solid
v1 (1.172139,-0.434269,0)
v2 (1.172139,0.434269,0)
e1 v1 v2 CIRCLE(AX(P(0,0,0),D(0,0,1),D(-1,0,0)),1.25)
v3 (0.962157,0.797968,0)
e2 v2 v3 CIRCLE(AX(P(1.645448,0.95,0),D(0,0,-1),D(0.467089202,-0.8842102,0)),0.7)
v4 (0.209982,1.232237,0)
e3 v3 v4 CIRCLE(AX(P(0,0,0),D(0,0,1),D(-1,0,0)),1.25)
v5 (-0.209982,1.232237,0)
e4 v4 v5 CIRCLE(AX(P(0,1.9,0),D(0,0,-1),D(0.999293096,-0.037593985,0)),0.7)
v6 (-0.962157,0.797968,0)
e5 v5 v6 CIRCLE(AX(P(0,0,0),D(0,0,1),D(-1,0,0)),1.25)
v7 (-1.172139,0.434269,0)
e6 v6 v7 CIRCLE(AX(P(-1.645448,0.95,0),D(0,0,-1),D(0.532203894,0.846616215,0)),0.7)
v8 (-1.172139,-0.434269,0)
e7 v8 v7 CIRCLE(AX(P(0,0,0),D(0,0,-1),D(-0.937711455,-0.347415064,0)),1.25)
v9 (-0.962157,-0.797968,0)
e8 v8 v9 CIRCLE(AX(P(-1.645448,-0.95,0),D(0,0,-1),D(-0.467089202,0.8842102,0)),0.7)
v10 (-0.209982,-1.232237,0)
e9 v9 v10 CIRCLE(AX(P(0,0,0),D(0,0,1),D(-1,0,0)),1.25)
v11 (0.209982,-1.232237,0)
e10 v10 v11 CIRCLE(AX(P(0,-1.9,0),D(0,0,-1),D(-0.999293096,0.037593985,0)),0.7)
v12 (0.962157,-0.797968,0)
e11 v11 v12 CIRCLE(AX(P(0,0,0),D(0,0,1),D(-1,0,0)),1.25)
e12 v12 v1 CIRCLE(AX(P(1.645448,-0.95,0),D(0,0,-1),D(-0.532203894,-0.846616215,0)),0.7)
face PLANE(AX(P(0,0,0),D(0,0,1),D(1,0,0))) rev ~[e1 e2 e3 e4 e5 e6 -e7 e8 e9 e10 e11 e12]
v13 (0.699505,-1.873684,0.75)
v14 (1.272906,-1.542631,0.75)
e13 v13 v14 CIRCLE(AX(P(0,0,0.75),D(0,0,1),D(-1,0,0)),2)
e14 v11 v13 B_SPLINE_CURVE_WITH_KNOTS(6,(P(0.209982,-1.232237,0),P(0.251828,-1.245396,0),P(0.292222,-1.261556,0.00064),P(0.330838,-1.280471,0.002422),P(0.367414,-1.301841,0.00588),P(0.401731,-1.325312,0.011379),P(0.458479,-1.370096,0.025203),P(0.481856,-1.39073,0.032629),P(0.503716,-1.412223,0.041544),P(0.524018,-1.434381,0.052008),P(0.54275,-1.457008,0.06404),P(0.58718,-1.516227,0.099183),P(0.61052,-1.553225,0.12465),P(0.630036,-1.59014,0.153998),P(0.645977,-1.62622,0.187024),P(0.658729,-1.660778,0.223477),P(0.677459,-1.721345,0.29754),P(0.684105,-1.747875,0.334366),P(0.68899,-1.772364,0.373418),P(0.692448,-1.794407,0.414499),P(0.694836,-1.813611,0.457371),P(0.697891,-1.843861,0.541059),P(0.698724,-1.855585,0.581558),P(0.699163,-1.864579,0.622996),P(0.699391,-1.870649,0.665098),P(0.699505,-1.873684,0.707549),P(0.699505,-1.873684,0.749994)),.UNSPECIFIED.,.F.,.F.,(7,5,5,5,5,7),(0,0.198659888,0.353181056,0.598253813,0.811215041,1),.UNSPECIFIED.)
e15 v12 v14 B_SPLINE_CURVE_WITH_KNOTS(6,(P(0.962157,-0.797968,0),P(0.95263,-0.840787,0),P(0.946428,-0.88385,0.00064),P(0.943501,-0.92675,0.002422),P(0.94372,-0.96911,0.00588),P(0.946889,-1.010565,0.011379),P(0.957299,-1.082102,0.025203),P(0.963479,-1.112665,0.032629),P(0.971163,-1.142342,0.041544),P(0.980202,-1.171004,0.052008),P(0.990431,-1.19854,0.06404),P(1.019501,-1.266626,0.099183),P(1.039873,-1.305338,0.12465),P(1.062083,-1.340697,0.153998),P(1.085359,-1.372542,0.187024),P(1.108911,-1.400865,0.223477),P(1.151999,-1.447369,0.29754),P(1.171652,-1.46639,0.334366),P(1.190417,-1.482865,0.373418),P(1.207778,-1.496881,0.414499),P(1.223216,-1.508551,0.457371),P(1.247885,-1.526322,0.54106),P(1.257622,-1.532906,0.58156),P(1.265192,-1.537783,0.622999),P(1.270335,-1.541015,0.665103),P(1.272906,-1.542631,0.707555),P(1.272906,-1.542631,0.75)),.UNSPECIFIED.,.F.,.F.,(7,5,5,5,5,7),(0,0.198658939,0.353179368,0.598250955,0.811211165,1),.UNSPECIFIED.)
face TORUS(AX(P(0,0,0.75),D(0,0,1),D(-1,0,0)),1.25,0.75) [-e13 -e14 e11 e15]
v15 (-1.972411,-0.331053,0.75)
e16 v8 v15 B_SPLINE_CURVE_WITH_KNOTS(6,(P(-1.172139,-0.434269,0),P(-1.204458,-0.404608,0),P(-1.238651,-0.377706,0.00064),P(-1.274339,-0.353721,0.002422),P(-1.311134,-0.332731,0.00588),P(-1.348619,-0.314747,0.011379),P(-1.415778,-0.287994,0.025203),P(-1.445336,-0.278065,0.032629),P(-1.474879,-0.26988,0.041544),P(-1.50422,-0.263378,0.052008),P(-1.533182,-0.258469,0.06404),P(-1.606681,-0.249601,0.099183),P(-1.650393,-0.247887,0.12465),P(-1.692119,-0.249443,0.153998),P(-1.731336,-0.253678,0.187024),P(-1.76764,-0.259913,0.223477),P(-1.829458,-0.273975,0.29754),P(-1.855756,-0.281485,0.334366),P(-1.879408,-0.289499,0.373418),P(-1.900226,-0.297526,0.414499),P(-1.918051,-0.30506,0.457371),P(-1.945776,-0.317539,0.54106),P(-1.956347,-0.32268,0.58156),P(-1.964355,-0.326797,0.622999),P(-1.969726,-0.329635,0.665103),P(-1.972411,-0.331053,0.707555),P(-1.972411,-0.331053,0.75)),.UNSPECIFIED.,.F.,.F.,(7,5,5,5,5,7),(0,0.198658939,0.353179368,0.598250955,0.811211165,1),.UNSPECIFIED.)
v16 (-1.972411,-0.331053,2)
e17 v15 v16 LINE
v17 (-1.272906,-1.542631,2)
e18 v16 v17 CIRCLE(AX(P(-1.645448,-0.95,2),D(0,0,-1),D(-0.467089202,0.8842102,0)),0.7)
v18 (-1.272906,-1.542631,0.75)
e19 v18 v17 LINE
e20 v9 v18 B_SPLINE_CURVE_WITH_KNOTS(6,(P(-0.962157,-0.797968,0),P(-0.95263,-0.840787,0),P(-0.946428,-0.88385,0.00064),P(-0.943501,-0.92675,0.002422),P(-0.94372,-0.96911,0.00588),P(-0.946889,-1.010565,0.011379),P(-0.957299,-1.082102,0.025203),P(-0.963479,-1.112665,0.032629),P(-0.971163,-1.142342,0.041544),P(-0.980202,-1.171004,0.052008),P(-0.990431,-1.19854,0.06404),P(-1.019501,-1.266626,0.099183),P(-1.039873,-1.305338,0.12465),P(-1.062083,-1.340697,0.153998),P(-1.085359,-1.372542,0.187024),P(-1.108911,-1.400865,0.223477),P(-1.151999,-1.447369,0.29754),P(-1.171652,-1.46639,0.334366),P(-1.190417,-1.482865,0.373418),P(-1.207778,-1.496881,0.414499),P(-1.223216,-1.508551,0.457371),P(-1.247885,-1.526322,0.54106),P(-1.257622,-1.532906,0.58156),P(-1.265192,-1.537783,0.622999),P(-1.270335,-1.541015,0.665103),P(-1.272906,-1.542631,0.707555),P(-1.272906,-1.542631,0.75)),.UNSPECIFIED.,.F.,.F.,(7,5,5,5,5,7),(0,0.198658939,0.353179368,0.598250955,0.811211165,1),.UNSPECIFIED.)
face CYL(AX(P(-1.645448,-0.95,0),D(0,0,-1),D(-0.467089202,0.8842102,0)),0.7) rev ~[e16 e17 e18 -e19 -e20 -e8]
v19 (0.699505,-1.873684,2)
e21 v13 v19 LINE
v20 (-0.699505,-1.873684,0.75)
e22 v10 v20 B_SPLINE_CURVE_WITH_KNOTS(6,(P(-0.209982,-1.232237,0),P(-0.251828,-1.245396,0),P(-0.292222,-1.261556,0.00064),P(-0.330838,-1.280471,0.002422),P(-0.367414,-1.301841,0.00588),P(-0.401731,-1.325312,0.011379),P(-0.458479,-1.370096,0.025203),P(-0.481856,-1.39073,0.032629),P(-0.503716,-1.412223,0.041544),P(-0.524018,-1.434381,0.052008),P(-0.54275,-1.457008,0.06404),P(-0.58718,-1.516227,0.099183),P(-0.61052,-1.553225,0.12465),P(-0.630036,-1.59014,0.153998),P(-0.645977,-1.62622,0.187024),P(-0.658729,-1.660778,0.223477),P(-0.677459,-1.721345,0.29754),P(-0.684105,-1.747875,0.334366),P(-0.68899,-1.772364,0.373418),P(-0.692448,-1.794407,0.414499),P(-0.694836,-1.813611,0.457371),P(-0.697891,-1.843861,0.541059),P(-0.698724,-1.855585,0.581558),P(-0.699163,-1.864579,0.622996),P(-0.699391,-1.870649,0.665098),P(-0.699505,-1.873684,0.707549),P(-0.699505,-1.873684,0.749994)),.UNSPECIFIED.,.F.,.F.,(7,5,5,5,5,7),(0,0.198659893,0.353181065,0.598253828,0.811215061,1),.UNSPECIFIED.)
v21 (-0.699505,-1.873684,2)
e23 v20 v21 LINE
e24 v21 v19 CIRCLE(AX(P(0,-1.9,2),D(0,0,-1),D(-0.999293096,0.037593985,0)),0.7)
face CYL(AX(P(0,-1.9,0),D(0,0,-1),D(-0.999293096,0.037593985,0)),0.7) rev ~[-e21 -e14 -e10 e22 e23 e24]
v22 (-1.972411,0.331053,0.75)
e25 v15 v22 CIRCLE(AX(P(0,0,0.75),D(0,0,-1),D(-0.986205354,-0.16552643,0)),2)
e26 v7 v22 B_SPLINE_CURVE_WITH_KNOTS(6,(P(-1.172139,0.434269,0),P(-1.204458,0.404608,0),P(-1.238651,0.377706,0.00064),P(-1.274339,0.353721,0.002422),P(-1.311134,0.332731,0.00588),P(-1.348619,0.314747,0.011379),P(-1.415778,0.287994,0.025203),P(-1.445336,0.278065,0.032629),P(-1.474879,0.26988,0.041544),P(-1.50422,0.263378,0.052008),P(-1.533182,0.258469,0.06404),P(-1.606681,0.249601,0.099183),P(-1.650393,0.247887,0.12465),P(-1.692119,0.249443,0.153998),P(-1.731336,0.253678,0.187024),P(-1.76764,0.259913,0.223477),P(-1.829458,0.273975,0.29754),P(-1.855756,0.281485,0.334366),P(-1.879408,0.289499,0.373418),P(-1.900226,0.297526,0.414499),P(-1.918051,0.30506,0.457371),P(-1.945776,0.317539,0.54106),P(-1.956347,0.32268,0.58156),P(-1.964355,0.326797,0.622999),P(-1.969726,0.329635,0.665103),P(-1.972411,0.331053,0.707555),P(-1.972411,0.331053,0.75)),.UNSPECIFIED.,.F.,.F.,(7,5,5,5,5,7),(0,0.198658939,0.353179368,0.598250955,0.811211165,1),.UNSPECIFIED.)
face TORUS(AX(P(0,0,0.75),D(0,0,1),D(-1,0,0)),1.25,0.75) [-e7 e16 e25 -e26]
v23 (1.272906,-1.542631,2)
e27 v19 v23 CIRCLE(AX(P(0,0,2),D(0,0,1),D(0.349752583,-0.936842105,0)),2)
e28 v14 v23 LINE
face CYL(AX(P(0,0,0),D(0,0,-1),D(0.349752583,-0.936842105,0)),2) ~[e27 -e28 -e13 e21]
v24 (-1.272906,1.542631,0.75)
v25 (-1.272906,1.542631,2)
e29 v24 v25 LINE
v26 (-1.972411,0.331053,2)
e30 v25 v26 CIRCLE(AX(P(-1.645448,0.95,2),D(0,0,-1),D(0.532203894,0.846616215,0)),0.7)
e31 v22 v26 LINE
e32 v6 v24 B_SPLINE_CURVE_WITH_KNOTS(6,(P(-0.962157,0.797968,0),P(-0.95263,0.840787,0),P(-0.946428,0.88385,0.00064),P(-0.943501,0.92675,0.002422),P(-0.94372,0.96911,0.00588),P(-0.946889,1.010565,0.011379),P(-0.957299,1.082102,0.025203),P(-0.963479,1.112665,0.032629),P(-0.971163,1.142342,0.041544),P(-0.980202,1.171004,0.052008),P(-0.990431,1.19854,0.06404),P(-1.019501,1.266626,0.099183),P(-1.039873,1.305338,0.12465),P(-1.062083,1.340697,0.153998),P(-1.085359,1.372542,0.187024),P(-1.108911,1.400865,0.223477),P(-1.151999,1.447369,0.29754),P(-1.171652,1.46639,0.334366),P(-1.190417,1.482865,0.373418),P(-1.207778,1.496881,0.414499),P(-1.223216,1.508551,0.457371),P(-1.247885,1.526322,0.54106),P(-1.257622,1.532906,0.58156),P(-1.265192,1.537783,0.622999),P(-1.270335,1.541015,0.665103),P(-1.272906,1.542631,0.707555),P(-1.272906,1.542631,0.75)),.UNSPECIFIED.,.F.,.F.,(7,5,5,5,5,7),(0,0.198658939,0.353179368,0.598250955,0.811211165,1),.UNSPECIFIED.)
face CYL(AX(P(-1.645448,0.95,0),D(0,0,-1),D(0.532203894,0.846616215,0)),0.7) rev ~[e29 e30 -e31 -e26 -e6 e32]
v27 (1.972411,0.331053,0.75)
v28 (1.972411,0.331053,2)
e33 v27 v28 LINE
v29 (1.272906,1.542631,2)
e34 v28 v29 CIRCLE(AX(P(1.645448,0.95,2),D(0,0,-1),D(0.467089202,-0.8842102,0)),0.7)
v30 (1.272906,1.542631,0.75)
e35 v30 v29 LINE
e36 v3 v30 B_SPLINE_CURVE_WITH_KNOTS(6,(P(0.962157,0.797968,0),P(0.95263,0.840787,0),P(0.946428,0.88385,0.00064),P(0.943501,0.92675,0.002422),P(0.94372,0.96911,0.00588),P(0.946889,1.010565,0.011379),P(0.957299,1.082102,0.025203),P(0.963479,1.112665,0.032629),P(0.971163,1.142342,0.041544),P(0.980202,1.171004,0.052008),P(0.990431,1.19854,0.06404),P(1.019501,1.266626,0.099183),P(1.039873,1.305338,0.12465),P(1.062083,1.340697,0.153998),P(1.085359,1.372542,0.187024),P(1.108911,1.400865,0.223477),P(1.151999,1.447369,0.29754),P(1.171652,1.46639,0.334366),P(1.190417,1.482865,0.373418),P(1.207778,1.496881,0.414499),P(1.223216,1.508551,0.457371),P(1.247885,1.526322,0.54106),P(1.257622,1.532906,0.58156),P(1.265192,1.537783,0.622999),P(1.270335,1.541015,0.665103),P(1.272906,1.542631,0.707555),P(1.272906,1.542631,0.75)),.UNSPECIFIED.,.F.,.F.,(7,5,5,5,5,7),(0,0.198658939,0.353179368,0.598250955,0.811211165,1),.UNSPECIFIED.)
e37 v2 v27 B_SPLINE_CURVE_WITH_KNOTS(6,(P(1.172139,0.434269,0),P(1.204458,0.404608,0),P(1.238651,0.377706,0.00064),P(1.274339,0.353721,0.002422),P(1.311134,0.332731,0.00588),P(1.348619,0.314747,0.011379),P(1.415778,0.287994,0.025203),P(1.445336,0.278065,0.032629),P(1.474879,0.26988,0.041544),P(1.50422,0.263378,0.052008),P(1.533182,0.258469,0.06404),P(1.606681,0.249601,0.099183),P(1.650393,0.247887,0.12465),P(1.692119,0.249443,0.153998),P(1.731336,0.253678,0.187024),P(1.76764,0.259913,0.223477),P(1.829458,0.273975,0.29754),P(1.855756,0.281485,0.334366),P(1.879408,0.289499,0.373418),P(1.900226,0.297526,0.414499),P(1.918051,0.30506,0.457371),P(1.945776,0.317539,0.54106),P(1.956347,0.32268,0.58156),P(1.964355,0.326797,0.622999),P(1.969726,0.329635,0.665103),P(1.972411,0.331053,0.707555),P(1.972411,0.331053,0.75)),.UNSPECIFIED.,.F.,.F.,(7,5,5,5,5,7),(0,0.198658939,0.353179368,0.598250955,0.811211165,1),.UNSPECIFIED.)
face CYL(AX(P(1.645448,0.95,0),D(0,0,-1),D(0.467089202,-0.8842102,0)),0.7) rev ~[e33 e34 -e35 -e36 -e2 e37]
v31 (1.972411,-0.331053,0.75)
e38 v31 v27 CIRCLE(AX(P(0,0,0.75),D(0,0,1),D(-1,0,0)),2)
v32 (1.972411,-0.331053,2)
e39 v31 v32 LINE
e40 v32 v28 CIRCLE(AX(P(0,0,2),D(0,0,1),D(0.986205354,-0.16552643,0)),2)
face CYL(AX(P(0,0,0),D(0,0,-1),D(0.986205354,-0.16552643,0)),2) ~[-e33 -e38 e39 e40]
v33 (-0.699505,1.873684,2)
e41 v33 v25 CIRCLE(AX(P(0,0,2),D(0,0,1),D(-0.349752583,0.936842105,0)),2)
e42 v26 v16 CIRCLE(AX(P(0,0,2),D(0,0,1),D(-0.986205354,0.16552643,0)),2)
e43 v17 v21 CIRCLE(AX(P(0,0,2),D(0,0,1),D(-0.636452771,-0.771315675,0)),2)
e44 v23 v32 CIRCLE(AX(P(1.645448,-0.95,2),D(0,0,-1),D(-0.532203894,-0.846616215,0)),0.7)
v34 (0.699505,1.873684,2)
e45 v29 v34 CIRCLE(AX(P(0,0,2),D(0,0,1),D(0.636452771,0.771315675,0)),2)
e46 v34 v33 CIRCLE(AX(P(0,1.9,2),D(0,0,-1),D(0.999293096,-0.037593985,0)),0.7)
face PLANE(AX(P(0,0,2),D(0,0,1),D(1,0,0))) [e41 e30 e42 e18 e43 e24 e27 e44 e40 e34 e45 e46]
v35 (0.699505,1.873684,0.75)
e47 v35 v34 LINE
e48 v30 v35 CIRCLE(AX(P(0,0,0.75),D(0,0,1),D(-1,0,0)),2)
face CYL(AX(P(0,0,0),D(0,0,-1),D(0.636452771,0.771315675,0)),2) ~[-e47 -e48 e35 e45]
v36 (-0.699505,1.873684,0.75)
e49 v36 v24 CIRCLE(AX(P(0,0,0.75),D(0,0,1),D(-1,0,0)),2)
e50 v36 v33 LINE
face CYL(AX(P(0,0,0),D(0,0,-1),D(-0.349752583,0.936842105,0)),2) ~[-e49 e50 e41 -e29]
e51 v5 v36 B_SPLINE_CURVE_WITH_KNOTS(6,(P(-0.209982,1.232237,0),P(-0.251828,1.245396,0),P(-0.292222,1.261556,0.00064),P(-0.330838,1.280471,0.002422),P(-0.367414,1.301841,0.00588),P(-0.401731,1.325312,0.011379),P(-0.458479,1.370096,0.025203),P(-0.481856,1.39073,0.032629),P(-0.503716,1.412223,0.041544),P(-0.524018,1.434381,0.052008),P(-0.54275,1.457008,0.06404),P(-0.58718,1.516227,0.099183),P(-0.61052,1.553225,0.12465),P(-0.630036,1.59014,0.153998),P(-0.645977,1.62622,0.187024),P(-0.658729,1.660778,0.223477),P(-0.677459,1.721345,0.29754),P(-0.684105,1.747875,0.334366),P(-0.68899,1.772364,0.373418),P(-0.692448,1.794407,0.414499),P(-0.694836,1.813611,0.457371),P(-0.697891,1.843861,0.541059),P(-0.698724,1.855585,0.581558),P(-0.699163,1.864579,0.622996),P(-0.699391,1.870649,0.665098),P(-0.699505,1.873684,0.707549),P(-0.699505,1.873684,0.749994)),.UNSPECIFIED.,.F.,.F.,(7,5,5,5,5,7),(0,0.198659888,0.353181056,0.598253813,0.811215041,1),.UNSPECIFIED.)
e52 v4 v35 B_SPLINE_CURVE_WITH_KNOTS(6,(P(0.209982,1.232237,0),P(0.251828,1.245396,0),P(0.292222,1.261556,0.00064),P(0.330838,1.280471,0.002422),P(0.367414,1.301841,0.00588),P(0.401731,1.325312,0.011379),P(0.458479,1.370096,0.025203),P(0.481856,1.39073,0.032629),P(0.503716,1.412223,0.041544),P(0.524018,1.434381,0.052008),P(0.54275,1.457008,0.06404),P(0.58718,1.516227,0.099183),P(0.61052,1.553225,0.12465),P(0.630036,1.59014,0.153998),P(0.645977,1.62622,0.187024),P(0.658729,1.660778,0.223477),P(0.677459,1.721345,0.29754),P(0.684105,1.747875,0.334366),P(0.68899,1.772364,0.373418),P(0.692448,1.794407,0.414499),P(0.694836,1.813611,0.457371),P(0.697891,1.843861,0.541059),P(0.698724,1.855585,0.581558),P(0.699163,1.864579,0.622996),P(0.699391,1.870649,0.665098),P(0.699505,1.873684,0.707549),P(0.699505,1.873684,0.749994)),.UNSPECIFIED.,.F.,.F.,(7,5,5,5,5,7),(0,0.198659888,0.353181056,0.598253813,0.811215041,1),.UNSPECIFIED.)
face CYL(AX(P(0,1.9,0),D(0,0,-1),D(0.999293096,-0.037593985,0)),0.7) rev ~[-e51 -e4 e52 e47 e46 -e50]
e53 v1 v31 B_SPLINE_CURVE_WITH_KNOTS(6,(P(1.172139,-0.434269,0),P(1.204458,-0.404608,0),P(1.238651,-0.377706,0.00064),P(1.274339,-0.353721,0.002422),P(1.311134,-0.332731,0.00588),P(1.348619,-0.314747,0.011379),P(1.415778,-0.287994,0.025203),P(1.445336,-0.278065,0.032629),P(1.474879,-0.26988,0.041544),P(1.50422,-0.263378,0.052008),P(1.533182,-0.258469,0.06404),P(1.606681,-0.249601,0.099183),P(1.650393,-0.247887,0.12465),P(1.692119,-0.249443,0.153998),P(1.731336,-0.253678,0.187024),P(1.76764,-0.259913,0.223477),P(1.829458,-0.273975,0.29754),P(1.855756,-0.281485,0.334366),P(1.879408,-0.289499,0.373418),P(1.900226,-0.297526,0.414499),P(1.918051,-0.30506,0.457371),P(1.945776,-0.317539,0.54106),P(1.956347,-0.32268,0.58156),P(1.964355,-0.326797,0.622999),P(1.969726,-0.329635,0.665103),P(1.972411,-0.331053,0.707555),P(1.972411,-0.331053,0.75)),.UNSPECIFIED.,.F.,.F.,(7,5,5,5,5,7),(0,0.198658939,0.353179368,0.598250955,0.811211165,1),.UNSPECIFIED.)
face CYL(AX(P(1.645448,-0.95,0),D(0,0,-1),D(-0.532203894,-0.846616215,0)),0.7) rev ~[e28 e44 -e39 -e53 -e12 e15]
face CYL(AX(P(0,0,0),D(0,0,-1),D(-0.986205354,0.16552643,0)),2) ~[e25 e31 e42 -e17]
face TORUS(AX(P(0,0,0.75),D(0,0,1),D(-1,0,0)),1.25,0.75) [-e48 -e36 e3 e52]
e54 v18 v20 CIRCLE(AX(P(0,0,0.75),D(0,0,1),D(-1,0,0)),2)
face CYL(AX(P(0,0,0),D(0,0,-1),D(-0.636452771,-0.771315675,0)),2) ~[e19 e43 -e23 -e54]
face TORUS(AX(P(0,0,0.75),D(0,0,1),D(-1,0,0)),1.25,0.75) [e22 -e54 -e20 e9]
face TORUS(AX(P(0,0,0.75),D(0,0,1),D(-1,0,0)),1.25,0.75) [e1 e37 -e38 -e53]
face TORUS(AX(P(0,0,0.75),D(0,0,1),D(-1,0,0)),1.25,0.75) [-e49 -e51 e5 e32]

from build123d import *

# Parameters (mm, degrees)
F1_DEPTH = 2


with BuildPart() as f1:
    # F0 (on Top) → F1 (new body)
    with BuildSketch(Plane.XY):
        with BuildLine():
            ThreePointArc((0.6995051674, 1.8736842105), (0, 1.2), (-0.6995051674, 1.8736842105))
            ThreePointArc((-0.6995051674, 1.8736842105), (-1, 1.7320508076), (-1.2729055413, 1.5426313503))
            ThreePointArc((-1.2729055413, 1.5426313503), (-1.0392304845, 0.6), (-1.9724107087, 0.3310528602))
            ThreePointArc((-1.9724107087, 0.3310528602), (-2, 0), (-1.9724107087, -0.3310528602))
            ThreePointArc((-1.9724107087, -0.3310528602), (-1.0392304845, -0.6), (-1.2729055413, -1.5426313503))
            ThreePointArc((-1.2729055413, -1.5426313503), (-1, -1.7320508076), (-0.6995051674, -1.8736842105))
            ThreePointArc((-0.6995051674, -1.8736842105), (0, -1.2), (0.6995051674, -1.8736842105))
            ThreePointArc((0.6995051674, -1.8736842105), (1, -1.7320508076), (1.2729055413, -1.5426313503))
            ThreePointArc((1.2729055413, -1.5426313503), (1.0392304845, -0.6), (1.9724107087, -0.3310528602))
            ThreePointArc((1.9724107087, -0.3310528602), (2, 0), (1.9724107087, 0.3310528602))
            ThreePointArc((1.9724107087, 0.3310528602), (1.0392304845, 0.6), (1.2729055413, 1.5426313503))
            ThreePointArc((1.2729055413, 1.5426313503), (1, 1.7320508076), (0.6995051674, 1.8736842105))
        make_face()
    extrude(amount=F1_DEPTH)

    # F2 (on Front) → F3 (revolve, cut)
    with BuildSketch(Plane.XZ):
        with BuildLine():
            Line((-2, 0.75), (-2, 0))
            Line((-2, 0), (-1.25, 0))
            ThreePointArc((-1.25, 0), (-1.7803300859, 0.2196699141), (-2, 0.75))
        make_face()
    revolve(axis=Axis((0, 0, 1.2335292995), (0, 0, 1)), mode=Mode.SUBTRACT)


solid = f1.part
